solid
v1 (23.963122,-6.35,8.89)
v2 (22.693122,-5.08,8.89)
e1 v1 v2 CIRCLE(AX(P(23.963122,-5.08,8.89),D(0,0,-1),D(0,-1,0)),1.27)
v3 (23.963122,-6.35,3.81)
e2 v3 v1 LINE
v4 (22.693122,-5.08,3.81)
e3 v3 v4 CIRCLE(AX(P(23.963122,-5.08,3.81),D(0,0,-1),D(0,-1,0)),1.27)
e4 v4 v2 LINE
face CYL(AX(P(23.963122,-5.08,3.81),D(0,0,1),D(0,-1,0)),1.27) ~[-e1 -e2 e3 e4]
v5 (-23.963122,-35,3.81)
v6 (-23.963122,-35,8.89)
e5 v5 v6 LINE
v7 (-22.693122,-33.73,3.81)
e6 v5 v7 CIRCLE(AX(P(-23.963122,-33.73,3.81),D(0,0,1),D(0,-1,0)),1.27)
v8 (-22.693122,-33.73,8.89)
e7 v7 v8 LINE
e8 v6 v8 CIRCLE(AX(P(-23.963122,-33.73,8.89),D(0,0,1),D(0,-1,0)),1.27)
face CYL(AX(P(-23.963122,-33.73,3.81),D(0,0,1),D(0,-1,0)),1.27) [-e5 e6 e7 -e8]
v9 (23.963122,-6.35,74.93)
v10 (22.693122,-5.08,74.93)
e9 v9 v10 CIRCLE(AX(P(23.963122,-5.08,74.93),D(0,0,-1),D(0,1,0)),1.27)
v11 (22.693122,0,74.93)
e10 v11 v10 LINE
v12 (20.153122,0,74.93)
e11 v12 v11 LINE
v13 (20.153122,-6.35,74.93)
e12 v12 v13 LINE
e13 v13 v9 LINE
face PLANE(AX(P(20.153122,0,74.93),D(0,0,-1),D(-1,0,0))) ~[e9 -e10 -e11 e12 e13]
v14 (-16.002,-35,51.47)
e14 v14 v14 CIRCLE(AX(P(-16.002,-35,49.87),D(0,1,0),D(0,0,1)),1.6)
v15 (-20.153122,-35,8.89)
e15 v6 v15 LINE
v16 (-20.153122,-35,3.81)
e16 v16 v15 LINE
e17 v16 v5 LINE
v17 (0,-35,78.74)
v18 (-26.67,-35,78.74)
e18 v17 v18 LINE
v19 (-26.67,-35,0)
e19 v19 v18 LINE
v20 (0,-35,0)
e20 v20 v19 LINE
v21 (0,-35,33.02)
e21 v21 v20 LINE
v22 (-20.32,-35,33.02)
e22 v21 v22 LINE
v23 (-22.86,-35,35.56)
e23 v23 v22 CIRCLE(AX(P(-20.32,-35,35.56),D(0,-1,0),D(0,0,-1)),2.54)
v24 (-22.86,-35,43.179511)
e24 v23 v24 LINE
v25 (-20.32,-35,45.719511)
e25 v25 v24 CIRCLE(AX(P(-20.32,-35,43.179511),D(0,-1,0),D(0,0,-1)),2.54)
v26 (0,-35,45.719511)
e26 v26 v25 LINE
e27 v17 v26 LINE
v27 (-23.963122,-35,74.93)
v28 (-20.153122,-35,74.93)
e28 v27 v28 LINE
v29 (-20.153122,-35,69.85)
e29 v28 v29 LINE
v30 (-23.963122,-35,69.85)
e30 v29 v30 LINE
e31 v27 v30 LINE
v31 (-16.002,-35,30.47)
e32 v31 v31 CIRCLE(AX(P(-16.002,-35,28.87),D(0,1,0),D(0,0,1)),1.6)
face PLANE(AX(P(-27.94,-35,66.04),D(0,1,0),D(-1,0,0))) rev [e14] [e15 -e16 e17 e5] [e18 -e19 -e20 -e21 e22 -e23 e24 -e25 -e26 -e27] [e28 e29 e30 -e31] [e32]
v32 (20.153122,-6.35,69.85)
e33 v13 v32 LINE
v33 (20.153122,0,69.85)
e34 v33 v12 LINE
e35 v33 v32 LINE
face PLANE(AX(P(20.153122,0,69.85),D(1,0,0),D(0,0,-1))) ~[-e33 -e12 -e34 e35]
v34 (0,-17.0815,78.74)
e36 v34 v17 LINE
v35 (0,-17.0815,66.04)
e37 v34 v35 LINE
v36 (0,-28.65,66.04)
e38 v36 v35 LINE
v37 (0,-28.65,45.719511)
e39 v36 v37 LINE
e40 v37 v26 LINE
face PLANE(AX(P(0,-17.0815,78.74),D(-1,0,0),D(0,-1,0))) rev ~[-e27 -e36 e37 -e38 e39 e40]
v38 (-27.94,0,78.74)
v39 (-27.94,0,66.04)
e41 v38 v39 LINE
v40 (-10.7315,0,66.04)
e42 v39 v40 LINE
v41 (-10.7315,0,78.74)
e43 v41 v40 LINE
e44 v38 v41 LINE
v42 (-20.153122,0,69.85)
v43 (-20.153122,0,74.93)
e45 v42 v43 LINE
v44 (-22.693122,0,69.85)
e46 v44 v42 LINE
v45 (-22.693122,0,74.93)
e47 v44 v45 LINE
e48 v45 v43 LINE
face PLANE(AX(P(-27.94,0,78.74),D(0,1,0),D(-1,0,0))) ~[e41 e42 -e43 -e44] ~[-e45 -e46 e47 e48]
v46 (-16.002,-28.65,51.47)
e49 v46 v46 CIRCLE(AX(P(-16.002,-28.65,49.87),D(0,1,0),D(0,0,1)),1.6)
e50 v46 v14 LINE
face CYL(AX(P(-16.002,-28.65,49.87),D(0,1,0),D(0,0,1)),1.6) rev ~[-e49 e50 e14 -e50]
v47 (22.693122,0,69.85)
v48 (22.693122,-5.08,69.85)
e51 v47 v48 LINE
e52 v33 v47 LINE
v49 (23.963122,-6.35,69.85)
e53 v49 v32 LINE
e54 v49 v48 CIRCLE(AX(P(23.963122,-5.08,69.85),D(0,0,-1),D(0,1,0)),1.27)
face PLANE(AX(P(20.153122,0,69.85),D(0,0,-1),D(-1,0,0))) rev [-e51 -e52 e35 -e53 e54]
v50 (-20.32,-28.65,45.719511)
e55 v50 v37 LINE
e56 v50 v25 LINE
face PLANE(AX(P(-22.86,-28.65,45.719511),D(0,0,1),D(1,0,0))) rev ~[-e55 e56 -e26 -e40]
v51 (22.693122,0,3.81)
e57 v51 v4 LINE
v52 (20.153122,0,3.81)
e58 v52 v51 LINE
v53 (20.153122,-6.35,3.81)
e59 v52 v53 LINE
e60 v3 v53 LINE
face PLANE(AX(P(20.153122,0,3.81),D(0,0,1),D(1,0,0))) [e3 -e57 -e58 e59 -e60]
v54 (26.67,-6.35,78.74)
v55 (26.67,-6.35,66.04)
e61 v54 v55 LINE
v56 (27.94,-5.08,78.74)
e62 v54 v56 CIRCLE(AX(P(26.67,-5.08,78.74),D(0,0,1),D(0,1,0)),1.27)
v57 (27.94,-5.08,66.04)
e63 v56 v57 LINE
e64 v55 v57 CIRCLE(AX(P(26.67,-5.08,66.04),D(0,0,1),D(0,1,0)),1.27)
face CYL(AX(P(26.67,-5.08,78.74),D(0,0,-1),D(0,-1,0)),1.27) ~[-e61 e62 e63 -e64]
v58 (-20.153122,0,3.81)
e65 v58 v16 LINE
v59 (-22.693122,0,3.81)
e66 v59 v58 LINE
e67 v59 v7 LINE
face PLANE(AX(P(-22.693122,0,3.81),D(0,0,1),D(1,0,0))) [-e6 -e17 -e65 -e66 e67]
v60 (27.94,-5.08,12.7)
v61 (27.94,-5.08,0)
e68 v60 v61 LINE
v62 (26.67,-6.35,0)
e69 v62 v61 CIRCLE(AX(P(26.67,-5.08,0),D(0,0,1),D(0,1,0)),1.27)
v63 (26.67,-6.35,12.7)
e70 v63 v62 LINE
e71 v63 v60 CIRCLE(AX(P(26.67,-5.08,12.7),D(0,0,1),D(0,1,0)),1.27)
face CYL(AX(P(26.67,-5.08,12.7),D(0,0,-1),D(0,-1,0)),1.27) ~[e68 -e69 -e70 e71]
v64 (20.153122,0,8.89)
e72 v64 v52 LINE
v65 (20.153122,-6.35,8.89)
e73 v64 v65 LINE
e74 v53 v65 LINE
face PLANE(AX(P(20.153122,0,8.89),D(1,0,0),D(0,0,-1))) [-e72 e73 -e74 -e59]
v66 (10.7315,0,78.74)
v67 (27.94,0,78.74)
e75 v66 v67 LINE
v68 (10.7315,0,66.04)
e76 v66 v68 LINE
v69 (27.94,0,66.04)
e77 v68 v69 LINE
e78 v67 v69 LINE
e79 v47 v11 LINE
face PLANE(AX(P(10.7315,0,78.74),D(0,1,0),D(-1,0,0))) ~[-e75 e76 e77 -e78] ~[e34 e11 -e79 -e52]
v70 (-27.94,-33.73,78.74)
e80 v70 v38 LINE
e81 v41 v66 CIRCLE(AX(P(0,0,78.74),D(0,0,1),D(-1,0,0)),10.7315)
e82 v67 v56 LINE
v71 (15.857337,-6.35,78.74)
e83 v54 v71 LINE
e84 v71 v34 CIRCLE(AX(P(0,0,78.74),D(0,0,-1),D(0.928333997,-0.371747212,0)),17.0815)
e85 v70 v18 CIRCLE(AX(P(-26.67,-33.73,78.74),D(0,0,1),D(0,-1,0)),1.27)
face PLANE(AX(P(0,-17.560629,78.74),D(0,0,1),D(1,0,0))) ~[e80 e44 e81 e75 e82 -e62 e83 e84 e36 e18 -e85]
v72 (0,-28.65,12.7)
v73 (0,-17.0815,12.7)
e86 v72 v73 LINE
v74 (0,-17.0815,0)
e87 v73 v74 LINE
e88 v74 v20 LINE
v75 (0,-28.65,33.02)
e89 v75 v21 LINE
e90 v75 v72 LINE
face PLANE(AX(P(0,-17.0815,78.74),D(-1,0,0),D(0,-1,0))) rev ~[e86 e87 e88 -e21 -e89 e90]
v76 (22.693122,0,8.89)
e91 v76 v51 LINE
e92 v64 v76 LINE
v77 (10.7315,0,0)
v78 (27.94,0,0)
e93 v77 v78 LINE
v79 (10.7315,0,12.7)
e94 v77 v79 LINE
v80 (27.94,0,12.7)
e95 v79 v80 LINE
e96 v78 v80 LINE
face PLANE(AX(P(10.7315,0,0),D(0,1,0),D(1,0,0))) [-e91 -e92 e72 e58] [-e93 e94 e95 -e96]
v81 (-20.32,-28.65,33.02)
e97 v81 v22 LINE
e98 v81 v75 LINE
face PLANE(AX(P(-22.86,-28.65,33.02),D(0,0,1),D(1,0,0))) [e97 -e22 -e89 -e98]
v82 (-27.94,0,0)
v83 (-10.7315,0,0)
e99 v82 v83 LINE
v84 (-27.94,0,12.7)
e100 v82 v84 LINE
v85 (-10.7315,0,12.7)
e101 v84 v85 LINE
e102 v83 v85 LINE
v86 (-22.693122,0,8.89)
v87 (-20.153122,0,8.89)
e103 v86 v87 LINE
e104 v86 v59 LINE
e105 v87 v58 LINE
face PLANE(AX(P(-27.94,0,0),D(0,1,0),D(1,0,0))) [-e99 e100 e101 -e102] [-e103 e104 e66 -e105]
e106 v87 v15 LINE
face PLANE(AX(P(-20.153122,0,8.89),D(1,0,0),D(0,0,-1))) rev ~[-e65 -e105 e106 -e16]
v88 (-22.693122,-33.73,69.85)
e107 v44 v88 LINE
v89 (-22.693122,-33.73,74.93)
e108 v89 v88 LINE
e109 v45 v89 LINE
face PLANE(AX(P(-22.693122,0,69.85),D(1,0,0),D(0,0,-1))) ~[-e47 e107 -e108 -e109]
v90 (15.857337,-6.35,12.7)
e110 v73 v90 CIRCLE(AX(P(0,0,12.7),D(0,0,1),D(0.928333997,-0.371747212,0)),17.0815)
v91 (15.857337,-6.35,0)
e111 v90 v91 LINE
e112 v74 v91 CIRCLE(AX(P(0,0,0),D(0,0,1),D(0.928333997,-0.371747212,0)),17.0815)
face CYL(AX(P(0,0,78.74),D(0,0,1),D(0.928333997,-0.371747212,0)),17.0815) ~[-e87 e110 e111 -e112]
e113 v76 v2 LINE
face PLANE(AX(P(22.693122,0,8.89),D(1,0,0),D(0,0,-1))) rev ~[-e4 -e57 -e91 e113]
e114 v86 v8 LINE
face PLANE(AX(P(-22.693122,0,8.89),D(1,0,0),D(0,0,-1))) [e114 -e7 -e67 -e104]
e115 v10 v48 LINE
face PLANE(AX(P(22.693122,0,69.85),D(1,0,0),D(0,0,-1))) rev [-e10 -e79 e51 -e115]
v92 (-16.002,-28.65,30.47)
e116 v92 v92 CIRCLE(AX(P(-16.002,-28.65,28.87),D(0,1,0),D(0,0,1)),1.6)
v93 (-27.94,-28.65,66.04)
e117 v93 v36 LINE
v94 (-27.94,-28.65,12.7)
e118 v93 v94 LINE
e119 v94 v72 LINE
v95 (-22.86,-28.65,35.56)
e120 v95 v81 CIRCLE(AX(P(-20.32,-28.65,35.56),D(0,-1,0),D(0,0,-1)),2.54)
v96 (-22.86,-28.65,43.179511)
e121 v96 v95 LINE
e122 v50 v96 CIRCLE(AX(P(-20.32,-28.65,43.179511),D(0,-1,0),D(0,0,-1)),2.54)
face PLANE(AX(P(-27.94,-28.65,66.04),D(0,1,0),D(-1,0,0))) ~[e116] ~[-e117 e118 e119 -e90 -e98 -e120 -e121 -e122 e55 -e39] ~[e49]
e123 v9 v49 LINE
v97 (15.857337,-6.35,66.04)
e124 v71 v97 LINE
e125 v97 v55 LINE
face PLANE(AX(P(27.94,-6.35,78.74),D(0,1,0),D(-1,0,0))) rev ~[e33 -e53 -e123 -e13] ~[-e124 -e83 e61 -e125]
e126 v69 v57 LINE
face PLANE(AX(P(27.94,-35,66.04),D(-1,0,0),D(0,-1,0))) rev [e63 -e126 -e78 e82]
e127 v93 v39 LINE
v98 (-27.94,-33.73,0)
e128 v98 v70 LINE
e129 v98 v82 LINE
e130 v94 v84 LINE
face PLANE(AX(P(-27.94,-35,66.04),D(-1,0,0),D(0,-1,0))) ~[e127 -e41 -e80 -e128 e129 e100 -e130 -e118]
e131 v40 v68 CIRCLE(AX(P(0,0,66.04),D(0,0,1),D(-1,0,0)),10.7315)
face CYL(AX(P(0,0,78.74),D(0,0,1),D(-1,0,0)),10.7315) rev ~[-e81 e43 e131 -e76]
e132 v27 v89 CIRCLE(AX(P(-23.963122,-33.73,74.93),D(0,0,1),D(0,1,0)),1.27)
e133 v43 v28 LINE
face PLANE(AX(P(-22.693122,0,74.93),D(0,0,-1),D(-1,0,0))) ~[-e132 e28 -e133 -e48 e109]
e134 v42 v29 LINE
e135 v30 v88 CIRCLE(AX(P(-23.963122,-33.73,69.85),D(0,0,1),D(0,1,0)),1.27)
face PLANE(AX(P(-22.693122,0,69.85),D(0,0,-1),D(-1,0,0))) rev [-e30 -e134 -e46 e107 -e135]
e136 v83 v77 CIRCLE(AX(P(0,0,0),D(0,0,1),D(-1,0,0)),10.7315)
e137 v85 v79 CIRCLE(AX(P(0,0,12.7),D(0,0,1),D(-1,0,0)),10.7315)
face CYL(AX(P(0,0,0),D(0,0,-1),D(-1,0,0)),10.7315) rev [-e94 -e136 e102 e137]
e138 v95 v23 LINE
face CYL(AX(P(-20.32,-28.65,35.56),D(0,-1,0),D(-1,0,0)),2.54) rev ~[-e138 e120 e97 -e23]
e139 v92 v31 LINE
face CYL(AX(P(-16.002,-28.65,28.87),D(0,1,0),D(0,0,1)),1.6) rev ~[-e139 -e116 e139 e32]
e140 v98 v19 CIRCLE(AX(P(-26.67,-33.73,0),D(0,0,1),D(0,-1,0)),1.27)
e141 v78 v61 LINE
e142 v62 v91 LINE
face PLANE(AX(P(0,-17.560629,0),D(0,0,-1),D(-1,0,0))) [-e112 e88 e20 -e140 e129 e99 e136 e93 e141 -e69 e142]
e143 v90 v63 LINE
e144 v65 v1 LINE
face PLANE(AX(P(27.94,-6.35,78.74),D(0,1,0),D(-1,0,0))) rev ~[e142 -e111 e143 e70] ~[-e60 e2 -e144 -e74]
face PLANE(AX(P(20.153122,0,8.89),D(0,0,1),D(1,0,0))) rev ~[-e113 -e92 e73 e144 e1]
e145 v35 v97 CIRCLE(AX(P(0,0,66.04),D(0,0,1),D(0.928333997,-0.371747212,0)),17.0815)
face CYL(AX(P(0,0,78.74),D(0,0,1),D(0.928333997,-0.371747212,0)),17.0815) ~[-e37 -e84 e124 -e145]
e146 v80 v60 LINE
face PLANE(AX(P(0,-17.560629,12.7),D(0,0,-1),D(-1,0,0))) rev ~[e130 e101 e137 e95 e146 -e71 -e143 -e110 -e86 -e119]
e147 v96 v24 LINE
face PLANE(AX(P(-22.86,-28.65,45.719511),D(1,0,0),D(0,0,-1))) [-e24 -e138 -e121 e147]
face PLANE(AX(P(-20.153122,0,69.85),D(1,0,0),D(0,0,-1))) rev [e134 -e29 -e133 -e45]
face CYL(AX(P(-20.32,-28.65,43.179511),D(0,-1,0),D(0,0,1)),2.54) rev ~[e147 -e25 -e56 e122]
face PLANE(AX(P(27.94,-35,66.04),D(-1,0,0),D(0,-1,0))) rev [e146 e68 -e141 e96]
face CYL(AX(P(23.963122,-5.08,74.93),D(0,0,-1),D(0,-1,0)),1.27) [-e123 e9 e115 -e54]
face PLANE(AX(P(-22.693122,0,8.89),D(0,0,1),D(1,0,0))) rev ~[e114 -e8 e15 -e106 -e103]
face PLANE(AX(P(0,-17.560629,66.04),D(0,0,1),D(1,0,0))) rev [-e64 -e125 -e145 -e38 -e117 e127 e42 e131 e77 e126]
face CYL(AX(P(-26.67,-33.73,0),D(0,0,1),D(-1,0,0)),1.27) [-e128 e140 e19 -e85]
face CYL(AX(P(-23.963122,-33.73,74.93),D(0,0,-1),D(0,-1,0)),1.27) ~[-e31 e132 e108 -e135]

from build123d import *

# Parameters (mm, degrees)
BOSS_EXTRUDE1_DEPTH = 12.7
SKETCH3_W           = 2.54
SKETCH3_H           = 5.08
CUT_EXTRUDE1_DEPTH  = 47.550334048
SKETCH4_W           = 55.88
SKETCH4_H           = 6.35
BOSS_EXTRUDE2_DEPTH = 26.67
SKETCH5_R           = 1.6
SKETCH5_W           = 31.75
SKETCH5_H           = 12.699510518
CUT_EXTRUDE3_DEPTH  = 89.325838235
CUT_EXTRUDE4_REACH  = 92.585
FILLET1_R           = 1.27
FILLET2_R           = 2.54


with BuildPart() as part:
    # Sketch2 → Boss-Extrude1 (new body)
    with BuildSketch(Plane.XY):
        with BuildLine():
            Line((-27.94, 0), (-10.7315, 0))
            ThreePointArc((-10.7315, 0), (0, -10.7315), (10.7315, 0))
            Line((10.7315, 0), (27.94, 0))
            Line((27.94, 0), (27.94, -35))
            Line((27.94, -35), (-27.94, -35))
            Line((-27.94, -35), (-27.94, 0))
        make_face()
    extrude(amount=BOSS_EXTRUDE1_DEPTH)

    # Sketch3 → Cut-Extrude1 (cut, through all)
    with BuildSketch(Plane(origin=(0, 0, 0), x_dir=(1, 0, 0), z_dir=(0, 1, 0))):
        with Locations((-21.423122, -6.35)):
            Rectangle(SKETCH3_W, SKETCH3_H)
        with Locations((21.423122, -6.35)):
            Rectangle(SKETCH3_W, SKETCH3_H)
    extrude(amount=-CUT_EXTRUDE1_DEPTH, mode=Mode.SUBTRACT)

    # Sketch4 → Boss-Extrude2 (add)
    with BuildSketch(Plane.XY.offset(12.7)):
        with Locations((0, -31.825)):
            Rectangle(SKETCH4_W, SKETCH4_H)
    extrude(amount=BOSS_EXTRUDE2_DEPTH)

    # Mirror1: part across plane


with BuildPart() as part_1:
    add(part.part)
    add(part.part.mirror(Plane(origin=(0, 0, 39.37), x_dir=(1, 0, 0), z_dir=(0, 0, -1))))

    # Sketch5 → Cut-Extrude3 (cut, through all)
    with BuildSketch(Plane(origin=(0, -28.65, 0), x_dir=(1, 0, 0), z_dir=(0, 1, 0))):
        with Locations(Location((-16.002, -28.87, 0), (0, 0, 270))):
            Circle(SKETCH5_R)
        with Locations(Location((-16.002, -49.87, 0), (0, 0, 270))):
            Circle(SKETCH5_R)
        with Locations((-6.985, -39.369755259)):
            Rectangle(SKETCH5_W, SKETCH5_H)
    extrude(amount=-CUT_EXTRUDE3_DEPTH, mode=Mode.SUBTRACT)

    # Cut-Extrude4: up to this face of the body (flat: up to its plane)
    cut_extrude4_end = Plane(part_1.part.faces().sort_by_distance((0, -18.819419433, 0))[0])
    # Sketch7 → Cut-Extrude4 (cut, up to the picked face)
    with BuildSketch(Plane.XY.offset(78.74), mode=Mode.PRIVATE) as cut_extrude4_sk1:
        with BuildLine():
            Line((0, -17.0815), (0, -35))
            Line((0, -35), (27.94, -35))
            Line((27.94, -35), (27.94, -6.35))
            Line((27.94, -6.35), (15.857337174, -6.35))
            ThreePointArc((15.857337174, -6.35), (9.573664848, -14.146468945), (0, -17.0815))
        make_face()
    cut_extrude4_tool1 = split(extrude(cut_extrude4_sk1.sketch, amount=-CUT_EXTRUDE4_REACH, mode=Mode.PRIVATE), bisect_by=cut_extrude4_end, keep=Keep.BOTH, mode=Mode.PRIVATE)
    add(cut_extrude4_tool1.solids().sort_by(Axis((15.36412, -22.474959, 78.74), (0, 0, -1)))[0], mode=Mode.SUBTRACT)

    # Fillet1
    fillet1_edges = [part_1.edges().sort_by_distance(p)[0] for p in [
        (-27.94, -35, 39.37),
        (22.693122, -6.35, 6.35),
        (22.693122, -6.35, 72.39),
        (27.94, -6.35, 72.39),
        (27.94, -6.35, 6.35),
        (-22.693122, -35, 6.35),
        (-22.693122, -35, 72.39),
    ]]
    fillet(fillet1_edges, radius=FILLET1_R)

    # Fillet2
    fillet2_edges = [part_1.edges().sort_by_distance(p)[0] for p in [
        (-22.86, -31.825, 45.719510518),
        (-22.86, -31.825, 33.02),
    ]]
    fillet(fillet2_edges, radius=FILLET2_R)


solid = part_1.part
